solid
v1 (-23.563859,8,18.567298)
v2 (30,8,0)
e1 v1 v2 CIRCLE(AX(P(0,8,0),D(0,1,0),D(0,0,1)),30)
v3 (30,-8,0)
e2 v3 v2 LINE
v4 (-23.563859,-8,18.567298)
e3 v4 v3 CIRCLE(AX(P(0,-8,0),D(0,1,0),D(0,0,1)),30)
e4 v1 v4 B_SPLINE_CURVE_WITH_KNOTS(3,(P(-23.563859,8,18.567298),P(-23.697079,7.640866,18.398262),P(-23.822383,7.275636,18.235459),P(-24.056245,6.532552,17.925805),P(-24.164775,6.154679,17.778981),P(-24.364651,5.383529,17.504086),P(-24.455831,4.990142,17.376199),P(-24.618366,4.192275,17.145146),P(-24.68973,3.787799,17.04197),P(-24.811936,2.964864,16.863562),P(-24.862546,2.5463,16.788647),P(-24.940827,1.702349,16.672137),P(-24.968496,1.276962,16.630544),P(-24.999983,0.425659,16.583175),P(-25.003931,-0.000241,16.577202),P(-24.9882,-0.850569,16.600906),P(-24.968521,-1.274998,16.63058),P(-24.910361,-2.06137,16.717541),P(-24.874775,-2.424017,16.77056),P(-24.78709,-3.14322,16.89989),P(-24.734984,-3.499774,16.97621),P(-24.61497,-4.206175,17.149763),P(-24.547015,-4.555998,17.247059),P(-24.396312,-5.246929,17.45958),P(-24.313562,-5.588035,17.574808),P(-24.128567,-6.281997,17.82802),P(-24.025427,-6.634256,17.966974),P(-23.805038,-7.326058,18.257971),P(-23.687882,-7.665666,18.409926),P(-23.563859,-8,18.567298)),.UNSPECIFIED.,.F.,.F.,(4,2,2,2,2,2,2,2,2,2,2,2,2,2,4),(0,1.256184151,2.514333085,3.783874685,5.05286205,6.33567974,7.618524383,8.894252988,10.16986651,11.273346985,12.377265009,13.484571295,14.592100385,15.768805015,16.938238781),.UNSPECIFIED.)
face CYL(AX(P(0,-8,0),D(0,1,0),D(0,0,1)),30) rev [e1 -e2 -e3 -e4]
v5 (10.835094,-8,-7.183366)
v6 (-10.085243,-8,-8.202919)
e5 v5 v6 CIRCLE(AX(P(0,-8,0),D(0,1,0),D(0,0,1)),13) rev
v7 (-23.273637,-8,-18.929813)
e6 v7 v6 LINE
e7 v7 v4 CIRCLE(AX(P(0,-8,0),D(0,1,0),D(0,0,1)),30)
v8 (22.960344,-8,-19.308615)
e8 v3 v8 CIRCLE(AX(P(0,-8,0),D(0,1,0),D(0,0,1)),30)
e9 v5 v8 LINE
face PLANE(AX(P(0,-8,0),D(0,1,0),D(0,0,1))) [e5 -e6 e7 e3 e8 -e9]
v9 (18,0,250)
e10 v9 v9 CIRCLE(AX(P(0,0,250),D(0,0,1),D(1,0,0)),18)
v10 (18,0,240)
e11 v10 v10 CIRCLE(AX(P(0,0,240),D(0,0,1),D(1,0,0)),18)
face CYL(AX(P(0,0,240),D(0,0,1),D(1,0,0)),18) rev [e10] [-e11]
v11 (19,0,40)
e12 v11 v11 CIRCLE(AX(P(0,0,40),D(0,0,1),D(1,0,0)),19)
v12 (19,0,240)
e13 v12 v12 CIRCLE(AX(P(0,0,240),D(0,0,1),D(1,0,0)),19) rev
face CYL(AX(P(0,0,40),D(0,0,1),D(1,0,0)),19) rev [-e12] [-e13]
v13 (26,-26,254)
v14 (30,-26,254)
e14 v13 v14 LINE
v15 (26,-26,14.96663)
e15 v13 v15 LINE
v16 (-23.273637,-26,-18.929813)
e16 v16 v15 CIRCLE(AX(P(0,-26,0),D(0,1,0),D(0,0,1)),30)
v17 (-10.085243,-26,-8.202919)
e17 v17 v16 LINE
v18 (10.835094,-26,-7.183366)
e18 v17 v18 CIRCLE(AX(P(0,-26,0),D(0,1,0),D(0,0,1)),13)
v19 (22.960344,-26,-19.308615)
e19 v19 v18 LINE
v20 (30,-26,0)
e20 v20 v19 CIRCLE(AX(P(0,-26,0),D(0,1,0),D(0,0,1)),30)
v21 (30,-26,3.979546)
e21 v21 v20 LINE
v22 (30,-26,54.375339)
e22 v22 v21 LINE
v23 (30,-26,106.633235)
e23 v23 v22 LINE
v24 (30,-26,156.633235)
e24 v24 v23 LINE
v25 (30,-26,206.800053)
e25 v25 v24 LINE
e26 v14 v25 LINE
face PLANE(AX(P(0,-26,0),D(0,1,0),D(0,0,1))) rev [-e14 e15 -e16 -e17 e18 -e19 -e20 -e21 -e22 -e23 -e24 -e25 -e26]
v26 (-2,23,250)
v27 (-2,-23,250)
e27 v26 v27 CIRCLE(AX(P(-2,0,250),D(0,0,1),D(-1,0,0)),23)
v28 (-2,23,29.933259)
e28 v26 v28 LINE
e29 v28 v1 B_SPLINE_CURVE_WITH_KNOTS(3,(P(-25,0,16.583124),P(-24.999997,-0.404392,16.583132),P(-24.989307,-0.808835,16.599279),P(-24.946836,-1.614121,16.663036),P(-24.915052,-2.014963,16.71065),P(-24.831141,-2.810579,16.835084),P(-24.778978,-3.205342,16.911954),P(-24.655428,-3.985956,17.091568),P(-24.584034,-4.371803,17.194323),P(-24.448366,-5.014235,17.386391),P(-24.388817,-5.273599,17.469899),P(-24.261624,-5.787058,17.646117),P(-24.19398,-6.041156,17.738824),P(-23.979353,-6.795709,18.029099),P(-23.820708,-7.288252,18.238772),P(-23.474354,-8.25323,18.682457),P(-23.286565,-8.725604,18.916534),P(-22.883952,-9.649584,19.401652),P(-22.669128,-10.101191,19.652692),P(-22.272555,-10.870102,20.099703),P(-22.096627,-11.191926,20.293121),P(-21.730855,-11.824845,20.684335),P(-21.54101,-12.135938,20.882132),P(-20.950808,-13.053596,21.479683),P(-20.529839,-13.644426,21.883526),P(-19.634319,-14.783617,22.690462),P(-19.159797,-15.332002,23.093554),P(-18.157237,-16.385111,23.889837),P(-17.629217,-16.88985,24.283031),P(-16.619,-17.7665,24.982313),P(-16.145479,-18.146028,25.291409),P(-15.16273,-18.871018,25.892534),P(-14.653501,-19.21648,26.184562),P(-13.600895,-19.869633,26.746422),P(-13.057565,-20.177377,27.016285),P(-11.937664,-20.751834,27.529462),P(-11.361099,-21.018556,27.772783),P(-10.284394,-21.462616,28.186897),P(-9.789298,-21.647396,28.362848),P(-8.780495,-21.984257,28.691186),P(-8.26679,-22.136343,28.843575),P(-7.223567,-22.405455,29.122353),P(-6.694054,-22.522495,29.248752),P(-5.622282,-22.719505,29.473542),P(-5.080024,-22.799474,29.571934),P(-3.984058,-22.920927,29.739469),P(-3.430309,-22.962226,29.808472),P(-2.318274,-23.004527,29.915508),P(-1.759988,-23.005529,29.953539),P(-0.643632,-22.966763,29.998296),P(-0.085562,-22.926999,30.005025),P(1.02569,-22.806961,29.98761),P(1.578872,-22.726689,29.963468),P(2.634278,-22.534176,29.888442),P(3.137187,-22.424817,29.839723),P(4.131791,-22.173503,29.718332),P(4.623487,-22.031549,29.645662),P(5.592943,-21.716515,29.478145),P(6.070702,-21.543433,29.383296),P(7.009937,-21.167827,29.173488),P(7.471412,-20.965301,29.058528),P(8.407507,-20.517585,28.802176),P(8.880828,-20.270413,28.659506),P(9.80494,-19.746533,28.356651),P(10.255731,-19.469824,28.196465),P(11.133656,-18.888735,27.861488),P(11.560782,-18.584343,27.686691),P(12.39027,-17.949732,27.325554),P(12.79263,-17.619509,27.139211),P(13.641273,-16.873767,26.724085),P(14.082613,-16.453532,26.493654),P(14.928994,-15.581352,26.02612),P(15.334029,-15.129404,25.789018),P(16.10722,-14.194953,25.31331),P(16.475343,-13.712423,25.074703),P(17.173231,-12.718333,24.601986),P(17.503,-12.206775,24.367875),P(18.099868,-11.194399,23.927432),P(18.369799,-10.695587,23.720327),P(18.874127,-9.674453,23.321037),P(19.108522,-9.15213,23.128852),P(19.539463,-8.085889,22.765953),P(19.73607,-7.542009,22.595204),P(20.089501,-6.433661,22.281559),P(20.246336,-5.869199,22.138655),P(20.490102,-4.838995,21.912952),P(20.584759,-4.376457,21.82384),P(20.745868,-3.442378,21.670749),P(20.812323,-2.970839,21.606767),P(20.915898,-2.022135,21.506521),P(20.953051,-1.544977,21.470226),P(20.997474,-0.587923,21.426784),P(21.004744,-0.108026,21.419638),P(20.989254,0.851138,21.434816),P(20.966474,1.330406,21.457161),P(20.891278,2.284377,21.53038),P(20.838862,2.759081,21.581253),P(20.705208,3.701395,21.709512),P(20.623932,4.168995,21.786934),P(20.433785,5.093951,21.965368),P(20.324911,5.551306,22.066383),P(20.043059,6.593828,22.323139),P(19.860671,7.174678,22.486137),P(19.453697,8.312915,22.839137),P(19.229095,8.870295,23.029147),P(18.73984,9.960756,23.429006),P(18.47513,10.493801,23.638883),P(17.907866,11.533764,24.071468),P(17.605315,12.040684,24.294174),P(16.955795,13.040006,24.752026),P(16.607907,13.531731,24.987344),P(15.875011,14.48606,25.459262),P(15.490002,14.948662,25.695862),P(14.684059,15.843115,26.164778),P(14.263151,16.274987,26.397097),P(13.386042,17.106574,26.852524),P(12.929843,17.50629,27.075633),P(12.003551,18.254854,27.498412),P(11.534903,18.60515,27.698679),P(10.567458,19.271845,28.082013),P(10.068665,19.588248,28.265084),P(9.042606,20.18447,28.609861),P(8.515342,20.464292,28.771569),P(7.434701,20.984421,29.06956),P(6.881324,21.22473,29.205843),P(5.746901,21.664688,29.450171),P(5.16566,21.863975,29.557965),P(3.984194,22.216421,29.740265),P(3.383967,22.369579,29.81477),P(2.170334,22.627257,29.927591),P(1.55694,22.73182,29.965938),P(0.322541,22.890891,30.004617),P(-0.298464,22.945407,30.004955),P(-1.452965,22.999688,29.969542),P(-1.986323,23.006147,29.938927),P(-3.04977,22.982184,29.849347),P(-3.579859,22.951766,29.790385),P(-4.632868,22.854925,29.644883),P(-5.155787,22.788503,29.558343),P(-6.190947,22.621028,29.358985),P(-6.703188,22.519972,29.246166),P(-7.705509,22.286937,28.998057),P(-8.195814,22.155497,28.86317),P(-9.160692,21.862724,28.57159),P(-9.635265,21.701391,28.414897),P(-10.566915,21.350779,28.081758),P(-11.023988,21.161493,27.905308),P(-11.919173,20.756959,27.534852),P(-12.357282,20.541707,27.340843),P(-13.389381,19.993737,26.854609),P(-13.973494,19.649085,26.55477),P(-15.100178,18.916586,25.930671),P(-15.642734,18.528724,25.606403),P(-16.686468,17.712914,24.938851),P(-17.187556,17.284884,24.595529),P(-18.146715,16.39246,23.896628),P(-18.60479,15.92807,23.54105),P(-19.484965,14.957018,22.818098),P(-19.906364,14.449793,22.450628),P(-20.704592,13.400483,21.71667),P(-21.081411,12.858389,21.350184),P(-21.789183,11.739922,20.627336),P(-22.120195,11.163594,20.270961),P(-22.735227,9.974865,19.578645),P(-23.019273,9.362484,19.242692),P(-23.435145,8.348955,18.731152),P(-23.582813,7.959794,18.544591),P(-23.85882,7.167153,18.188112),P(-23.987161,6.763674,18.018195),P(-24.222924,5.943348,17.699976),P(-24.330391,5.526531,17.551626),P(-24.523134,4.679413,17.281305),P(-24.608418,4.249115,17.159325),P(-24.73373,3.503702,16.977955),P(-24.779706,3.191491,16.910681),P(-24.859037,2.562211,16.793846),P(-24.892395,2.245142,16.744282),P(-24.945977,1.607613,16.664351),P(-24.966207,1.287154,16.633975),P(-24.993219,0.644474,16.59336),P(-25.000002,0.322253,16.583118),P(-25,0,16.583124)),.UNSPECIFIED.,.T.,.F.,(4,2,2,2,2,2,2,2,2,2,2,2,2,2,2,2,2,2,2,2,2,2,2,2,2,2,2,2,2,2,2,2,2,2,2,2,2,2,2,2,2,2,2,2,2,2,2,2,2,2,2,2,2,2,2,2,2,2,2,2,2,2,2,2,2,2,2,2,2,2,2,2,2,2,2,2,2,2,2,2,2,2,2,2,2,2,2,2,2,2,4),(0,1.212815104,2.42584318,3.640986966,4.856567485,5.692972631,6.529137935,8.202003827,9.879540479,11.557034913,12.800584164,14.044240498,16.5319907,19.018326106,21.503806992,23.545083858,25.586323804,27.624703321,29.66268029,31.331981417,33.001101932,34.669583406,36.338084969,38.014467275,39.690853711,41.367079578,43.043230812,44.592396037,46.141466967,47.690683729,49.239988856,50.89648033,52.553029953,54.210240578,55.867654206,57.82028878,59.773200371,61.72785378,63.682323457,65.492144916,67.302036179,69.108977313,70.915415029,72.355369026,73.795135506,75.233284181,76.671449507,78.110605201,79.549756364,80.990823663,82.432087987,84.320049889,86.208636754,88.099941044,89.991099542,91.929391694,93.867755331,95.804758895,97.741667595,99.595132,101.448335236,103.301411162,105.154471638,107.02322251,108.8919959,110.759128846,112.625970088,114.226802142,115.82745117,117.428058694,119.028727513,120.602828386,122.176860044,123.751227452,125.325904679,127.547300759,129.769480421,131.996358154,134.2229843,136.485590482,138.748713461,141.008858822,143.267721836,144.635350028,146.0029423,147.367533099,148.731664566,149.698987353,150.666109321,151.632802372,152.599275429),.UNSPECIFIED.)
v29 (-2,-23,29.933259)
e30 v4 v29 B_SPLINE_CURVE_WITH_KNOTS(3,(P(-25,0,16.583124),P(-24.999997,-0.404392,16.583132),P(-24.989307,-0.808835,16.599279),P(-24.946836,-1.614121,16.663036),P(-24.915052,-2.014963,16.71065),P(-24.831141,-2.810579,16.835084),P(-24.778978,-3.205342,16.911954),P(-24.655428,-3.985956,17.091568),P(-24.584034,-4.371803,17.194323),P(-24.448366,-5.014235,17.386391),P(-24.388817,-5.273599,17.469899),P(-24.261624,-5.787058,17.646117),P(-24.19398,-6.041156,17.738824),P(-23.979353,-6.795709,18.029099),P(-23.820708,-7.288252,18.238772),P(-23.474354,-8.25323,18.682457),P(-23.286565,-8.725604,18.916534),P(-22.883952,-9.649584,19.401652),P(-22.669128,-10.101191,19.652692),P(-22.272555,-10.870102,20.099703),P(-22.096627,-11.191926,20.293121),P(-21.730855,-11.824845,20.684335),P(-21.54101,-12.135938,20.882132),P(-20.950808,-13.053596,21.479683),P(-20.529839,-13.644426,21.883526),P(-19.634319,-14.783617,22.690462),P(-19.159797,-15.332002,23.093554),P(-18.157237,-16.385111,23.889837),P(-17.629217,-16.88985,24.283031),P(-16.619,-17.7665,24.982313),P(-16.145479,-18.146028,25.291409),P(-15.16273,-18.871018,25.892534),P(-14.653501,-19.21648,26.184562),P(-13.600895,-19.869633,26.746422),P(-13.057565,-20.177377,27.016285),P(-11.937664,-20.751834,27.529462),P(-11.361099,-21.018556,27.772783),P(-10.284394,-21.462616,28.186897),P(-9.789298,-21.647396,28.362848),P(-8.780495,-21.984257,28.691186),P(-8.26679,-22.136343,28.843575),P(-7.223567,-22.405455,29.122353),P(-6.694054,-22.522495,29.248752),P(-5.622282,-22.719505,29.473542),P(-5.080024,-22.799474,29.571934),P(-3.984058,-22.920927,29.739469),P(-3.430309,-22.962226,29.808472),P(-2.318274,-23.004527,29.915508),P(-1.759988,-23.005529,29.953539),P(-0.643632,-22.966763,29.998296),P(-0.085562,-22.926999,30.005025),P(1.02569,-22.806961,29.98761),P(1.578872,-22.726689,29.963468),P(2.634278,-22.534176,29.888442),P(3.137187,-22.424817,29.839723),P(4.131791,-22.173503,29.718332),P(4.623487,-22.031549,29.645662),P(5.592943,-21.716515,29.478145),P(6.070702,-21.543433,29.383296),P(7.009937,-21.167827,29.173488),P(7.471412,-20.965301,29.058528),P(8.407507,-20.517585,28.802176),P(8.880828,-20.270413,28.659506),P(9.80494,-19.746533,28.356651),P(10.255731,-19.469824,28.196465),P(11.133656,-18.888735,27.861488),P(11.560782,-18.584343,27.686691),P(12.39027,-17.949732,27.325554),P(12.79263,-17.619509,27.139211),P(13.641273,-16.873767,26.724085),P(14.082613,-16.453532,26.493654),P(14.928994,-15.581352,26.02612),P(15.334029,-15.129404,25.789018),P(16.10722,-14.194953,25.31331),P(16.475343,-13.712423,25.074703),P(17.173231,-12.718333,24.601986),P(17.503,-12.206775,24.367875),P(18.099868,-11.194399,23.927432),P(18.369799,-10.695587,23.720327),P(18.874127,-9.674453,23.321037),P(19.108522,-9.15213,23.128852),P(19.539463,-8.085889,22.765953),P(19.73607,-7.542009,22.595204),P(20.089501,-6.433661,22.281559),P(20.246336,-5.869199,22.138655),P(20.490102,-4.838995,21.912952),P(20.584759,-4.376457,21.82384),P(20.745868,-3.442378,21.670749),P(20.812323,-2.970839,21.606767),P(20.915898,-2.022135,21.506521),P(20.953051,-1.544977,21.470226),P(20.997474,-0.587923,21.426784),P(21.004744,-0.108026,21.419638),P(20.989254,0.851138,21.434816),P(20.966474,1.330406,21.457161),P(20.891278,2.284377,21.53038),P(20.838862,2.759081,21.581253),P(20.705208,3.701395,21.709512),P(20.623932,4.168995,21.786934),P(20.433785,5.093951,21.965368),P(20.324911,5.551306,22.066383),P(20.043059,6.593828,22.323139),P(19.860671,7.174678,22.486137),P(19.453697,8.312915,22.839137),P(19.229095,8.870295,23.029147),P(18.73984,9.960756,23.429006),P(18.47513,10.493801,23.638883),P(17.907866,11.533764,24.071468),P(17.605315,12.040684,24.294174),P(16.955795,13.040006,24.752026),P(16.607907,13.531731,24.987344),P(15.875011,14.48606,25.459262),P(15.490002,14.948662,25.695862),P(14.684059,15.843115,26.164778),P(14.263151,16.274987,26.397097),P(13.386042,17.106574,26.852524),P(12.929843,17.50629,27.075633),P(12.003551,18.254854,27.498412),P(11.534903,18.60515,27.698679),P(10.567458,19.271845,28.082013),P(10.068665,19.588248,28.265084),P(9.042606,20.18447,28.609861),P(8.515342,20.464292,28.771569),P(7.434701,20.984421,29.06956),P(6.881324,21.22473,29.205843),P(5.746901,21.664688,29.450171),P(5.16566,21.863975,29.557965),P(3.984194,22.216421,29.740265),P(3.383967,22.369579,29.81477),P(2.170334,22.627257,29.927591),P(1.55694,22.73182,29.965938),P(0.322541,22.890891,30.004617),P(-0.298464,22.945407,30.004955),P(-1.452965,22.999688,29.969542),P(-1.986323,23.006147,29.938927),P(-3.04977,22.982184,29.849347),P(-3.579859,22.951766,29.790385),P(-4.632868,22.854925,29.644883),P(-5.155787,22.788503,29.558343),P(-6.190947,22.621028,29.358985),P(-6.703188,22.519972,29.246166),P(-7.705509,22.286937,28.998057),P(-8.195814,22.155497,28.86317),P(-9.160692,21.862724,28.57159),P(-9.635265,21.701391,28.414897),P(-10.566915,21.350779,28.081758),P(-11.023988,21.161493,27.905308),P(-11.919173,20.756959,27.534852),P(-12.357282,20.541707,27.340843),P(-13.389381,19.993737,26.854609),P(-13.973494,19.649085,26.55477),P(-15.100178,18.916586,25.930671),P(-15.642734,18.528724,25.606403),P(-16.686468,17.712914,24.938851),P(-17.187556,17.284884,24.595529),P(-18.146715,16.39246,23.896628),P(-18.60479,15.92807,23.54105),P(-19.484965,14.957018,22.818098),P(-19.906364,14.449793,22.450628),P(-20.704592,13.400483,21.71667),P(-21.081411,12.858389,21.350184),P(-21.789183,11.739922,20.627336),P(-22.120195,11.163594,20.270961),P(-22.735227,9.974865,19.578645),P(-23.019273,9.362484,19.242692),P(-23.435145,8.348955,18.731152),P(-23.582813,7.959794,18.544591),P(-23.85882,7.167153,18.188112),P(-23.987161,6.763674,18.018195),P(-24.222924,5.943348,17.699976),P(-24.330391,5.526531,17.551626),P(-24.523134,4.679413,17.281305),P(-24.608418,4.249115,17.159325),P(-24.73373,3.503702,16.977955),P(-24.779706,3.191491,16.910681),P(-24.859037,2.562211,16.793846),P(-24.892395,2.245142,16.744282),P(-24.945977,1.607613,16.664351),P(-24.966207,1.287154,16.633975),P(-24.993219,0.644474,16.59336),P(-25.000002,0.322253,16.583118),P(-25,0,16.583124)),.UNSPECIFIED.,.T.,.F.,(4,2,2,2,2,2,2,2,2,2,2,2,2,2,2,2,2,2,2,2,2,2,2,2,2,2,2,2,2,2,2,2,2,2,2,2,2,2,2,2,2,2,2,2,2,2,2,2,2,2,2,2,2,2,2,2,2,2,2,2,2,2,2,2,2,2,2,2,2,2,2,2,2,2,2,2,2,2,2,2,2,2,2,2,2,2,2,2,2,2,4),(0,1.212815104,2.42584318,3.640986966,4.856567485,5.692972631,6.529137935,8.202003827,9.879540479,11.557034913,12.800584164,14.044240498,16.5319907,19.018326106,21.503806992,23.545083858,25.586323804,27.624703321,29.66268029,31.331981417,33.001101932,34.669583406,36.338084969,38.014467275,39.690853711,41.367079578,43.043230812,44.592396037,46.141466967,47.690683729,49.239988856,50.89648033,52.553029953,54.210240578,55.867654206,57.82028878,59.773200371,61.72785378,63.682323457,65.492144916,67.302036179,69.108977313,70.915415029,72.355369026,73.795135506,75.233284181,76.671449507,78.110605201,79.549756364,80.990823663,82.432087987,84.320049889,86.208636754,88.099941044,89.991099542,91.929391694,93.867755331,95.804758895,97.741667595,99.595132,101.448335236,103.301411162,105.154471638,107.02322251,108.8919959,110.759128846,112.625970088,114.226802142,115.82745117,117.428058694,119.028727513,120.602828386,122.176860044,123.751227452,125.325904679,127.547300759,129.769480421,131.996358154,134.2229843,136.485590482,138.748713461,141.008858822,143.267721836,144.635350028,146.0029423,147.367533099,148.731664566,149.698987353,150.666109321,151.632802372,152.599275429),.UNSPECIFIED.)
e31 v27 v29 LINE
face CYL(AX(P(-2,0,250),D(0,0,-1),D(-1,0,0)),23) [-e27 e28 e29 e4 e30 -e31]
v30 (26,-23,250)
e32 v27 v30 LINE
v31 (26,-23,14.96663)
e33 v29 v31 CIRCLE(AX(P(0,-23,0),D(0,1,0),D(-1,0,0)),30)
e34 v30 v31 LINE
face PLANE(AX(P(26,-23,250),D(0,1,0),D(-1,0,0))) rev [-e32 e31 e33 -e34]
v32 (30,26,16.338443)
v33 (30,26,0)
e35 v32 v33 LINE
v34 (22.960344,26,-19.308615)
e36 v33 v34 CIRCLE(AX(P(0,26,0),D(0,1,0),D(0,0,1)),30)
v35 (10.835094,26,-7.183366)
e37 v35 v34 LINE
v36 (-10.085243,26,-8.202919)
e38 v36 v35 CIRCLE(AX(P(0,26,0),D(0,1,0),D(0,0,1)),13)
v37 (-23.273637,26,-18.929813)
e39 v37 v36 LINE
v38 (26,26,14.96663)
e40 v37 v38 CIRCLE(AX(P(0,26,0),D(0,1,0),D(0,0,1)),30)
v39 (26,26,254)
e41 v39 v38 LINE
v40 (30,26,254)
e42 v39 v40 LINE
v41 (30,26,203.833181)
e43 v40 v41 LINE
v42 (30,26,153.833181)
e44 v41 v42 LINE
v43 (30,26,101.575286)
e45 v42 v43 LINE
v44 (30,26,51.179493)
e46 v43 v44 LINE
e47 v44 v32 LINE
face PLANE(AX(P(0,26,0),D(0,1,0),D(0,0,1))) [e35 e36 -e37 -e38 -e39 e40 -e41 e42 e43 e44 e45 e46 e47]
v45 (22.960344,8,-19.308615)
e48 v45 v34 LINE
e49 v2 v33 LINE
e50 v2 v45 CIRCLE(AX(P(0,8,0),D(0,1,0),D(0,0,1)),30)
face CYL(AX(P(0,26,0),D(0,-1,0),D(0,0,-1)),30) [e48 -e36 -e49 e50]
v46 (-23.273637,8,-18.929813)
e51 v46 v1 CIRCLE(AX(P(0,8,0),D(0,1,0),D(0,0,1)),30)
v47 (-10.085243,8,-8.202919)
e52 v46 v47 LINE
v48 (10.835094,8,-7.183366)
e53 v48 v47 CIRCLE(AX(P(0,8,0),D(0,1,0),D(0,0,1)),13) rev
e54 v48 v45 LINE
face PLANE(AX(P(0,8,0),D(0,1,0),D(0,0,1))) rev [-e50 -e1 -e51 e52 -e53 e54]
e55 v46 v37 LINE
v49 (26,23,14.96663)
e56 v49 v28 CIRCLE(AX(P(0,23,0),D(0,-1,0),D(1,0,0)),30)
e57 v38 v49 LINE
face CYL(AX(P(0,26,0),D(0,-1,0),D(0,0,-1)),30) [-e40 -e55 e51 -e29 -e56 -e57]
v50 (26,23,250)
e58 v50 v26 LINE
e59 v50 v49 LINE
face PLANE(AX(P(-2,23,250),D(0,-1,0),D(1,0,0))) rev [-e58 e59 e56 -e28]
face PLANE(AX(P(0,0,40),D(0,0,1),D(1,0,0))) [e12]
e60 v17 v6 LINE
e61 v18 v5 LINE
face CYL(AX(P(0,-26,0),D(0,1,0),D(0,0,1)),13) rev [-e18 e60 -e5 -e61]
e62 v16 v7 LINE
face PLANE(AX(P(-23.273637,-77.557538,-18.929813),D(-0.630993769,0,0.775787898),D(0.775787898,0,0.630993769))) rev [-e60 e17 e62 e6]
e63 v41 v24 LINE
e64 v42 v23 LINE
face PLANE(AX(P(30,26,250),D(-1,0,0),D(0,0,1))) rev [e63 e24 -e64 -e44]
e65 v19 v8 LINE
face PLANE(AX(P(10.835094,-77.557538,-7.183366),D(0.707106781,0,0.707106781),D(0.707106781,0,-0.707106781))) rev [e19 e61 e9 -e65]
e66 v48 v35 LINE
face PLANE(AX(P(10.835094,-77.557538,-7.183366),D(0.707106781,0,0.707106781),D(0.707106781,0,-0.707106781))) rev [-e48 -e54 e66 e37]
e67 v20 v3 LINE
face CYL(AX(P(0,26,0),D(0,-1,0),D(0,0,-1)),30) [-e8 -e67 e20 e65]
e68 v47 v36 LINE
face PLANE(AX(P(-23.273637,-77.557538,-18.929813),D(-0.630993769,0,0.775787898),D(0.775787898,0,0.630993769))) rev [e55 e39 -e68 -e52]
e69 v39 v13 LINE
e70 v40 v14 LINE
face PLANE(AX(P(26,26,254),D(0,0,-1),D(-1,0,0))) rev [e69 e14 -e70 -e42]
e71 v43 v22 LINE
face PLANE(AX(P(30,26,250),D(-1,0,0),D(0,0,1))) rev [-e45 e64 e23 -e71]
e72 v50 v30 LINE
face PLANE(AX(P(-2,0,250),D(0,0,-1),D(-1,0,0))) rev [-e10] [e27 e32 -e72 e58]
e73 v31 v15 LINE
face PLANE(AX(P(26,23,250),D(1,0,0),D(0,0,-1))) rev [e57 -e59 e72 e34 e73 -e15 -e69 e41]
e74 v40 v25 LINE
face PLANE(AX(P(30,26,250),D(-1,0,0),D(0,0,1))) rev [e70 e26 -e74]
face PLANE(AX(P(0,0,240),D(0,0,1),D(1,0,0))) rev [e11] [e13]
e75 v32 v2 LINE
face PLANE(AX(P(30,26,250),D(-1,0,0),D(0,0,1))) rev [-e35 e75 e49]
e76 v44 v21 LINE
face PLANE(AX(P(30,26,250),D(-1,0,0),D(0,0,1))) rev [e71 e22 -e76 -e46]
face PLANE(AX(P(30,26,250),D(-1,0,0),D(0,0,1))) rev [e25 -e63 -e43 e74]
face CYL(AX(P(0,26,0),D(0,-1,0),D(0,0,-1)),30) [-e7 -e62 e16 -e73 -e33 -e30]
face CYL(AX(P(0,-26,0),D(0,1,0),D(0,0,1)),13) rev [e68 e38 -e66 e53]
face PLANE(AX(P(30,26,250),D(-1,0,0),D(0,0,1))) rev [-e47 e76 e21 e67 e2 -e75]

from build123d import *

# Parameters (mm, degrees)
SKETCH1_R           = 30
BOSS_EXTRUDE1_DEPTH = 26
BOSS_EXTRUDE2_DEPTH = 250
SKETCH3_R           = 13
CUT_EXTRUDE1_DEPTH  = 26
SKETCH1_2_R         = 30
CUT_EXTRUDE2_DEPTH  = 8
SKETCH4_R           = 19
CUT_EXTRUDE3_DEPTH  = 210
SKETCH6_R           = 19
SKETCH6_R_2         = 18
BOSS_EXTRUDE3_DEPTH = 10
SKETCH7_W           = 4
SKETCH7_H           = 4
BOSS_EXTRUDE4_DEPTH = 26
CUT_EXTRUDE4_REACH  = 262.998


with BuildPart() as part:
    # Sketch1 → Boss-Extrude1 (new, symmetric)
    with BuildSketch(Plane(origin=(0, 0, 0), x_dir=(1, 0, 0), z_dir=(0, 1, 0))):
        with Locations(Location((0, 0, 0), (0, 0, 90))):
            Circle(SKETCH1_R)
    extrude(amount=BOSS_EXTRUDE1_DEPTH, both=True)

    # Sketch2 → Boss-Extrude2 (add)
    with BuildSketch(Plane.XY):
        with BuildLine():
            Line((30, 26), (30, -26))
            Line((30, -26), (26, -26))
            Line((26, -26), (26, -23))
            Line((26, -23), (-2, -23))
            ThreePointArc((-2, -23), (-25, 0), (-2, 23))
            Line((-2, 23), (26, 23))
            Line((26, 23), (26, 26))
            Line((26, 26), (30, 26))
        make_face()
    extrude(amount=BOSS_EXTRUDE2_DEPTH)

    # Sketch3 → Cut-Extrude1 (cut, symmetric)
    with BuildSketch(Plane(origin=(0, 0, 0), x_dir=(1, 0, 0), z_dir=(0, 1, 0))):
        with Locations(Location((0, 0, 0), (0, 0, 270))):
            Circle(SKETCH3_R)
    extrude(amount=CUT_EXTRUDE1_DEPTH, both=True, mode=Mode.SUBTRACT)

    # Sketch1<2> → Cut-Extrude2 (cut, symmetric)
    with BuildSketch(Plane(origin=(0, 0, 0), x_dir=(1, 0, 0), z_dir=(0, 1, 0))):
        Circle(SKETCH1_2_R)
    extrude(amount=CUT_EXTRUDE2_DEPTH, both=True, mode=Mode.SUBTRACT)

    # Sketch4 → Cut-Extrude3 (cut)
    with BuildSketch(Plane.XY.offset(250)):
        Circle(SKETCH4_R)
    extrude(amount=-CUT_EXTRUDE3_DEPTH, mode=Mode.SUBTRACT)

    # Sketch6 → Boss-Extrude3 (add)
    with BuildSketch(Plane.XY.offset(250)):
        Circle(SKETCH6_R)
        Circle(SKETCH6_R_2, mode=Mode.SUBTRACT)
    extrude(amount=-BOSS_EXTRUDE3_DEPTH)

    # Sketch7 → Boss-Extrude4 (add, symmetric)
    with BuildSketch(Plane(origin=(0, 0, 0), x_dir=(1, 0, 0), z_dir=(0, 1, 0))):
        with Locations((28, -252)):
            Rectangle(SKETCH7_W, SKETCH7_H)
    extrude(amount=BOSS_EXTRUDE4_DEPTH, both=True)

    # Cut-Extrude4: up to this face of the body (flat: up to its plane)
    cut_extrude4_end = Plane(part.part.faces().sort_by_distance((28.902688409, -26, 134.483314774))[0])
    # Sketch9 → Cut-Extrude4 (cut, up to the picked face)
    with BuildSketch(Plane(origin=(0, 26, 0), x_dir=(1, 0, 0), z_dir=(0, 1, 0)), mode=Mode.PRIVATE) as cut_extrude4_sk1:
        with BuildLine():
            Line((-23.273636947, 18.92981308), (-10.085242677, 8.202919002))
            ThreePointArc((-10.085242677, 8.202919002), (0.632804436, 12.984589271), (10.835093825, 7.183365632))
            Line((10.835093825, 7.183365632), (22.960343515, 19.308615323))
            ThreePointArc((22.960343515, 19.308615323), (-0.245786449, 29.998993133), (-23.273636947, 18.92981308))
        make_face()
    cut_extrude4_tool1 = split(extrude(cut_extrude4_sk1.sketch, amount=-CUT_EXTRUDE4_REACH, mode=Mode.PRIVATE), bisect_by=cut_extrude4_end, keep=Keep.BOTH, mode=Mode.PRIVATE)
    add(cut_extrude4_tool1.solids().sort_by(Axis((0.119463, 26, -19.65599), (0, -1, 0)))[0], mode=Mode.SUBTRACT)


solid = part.part
